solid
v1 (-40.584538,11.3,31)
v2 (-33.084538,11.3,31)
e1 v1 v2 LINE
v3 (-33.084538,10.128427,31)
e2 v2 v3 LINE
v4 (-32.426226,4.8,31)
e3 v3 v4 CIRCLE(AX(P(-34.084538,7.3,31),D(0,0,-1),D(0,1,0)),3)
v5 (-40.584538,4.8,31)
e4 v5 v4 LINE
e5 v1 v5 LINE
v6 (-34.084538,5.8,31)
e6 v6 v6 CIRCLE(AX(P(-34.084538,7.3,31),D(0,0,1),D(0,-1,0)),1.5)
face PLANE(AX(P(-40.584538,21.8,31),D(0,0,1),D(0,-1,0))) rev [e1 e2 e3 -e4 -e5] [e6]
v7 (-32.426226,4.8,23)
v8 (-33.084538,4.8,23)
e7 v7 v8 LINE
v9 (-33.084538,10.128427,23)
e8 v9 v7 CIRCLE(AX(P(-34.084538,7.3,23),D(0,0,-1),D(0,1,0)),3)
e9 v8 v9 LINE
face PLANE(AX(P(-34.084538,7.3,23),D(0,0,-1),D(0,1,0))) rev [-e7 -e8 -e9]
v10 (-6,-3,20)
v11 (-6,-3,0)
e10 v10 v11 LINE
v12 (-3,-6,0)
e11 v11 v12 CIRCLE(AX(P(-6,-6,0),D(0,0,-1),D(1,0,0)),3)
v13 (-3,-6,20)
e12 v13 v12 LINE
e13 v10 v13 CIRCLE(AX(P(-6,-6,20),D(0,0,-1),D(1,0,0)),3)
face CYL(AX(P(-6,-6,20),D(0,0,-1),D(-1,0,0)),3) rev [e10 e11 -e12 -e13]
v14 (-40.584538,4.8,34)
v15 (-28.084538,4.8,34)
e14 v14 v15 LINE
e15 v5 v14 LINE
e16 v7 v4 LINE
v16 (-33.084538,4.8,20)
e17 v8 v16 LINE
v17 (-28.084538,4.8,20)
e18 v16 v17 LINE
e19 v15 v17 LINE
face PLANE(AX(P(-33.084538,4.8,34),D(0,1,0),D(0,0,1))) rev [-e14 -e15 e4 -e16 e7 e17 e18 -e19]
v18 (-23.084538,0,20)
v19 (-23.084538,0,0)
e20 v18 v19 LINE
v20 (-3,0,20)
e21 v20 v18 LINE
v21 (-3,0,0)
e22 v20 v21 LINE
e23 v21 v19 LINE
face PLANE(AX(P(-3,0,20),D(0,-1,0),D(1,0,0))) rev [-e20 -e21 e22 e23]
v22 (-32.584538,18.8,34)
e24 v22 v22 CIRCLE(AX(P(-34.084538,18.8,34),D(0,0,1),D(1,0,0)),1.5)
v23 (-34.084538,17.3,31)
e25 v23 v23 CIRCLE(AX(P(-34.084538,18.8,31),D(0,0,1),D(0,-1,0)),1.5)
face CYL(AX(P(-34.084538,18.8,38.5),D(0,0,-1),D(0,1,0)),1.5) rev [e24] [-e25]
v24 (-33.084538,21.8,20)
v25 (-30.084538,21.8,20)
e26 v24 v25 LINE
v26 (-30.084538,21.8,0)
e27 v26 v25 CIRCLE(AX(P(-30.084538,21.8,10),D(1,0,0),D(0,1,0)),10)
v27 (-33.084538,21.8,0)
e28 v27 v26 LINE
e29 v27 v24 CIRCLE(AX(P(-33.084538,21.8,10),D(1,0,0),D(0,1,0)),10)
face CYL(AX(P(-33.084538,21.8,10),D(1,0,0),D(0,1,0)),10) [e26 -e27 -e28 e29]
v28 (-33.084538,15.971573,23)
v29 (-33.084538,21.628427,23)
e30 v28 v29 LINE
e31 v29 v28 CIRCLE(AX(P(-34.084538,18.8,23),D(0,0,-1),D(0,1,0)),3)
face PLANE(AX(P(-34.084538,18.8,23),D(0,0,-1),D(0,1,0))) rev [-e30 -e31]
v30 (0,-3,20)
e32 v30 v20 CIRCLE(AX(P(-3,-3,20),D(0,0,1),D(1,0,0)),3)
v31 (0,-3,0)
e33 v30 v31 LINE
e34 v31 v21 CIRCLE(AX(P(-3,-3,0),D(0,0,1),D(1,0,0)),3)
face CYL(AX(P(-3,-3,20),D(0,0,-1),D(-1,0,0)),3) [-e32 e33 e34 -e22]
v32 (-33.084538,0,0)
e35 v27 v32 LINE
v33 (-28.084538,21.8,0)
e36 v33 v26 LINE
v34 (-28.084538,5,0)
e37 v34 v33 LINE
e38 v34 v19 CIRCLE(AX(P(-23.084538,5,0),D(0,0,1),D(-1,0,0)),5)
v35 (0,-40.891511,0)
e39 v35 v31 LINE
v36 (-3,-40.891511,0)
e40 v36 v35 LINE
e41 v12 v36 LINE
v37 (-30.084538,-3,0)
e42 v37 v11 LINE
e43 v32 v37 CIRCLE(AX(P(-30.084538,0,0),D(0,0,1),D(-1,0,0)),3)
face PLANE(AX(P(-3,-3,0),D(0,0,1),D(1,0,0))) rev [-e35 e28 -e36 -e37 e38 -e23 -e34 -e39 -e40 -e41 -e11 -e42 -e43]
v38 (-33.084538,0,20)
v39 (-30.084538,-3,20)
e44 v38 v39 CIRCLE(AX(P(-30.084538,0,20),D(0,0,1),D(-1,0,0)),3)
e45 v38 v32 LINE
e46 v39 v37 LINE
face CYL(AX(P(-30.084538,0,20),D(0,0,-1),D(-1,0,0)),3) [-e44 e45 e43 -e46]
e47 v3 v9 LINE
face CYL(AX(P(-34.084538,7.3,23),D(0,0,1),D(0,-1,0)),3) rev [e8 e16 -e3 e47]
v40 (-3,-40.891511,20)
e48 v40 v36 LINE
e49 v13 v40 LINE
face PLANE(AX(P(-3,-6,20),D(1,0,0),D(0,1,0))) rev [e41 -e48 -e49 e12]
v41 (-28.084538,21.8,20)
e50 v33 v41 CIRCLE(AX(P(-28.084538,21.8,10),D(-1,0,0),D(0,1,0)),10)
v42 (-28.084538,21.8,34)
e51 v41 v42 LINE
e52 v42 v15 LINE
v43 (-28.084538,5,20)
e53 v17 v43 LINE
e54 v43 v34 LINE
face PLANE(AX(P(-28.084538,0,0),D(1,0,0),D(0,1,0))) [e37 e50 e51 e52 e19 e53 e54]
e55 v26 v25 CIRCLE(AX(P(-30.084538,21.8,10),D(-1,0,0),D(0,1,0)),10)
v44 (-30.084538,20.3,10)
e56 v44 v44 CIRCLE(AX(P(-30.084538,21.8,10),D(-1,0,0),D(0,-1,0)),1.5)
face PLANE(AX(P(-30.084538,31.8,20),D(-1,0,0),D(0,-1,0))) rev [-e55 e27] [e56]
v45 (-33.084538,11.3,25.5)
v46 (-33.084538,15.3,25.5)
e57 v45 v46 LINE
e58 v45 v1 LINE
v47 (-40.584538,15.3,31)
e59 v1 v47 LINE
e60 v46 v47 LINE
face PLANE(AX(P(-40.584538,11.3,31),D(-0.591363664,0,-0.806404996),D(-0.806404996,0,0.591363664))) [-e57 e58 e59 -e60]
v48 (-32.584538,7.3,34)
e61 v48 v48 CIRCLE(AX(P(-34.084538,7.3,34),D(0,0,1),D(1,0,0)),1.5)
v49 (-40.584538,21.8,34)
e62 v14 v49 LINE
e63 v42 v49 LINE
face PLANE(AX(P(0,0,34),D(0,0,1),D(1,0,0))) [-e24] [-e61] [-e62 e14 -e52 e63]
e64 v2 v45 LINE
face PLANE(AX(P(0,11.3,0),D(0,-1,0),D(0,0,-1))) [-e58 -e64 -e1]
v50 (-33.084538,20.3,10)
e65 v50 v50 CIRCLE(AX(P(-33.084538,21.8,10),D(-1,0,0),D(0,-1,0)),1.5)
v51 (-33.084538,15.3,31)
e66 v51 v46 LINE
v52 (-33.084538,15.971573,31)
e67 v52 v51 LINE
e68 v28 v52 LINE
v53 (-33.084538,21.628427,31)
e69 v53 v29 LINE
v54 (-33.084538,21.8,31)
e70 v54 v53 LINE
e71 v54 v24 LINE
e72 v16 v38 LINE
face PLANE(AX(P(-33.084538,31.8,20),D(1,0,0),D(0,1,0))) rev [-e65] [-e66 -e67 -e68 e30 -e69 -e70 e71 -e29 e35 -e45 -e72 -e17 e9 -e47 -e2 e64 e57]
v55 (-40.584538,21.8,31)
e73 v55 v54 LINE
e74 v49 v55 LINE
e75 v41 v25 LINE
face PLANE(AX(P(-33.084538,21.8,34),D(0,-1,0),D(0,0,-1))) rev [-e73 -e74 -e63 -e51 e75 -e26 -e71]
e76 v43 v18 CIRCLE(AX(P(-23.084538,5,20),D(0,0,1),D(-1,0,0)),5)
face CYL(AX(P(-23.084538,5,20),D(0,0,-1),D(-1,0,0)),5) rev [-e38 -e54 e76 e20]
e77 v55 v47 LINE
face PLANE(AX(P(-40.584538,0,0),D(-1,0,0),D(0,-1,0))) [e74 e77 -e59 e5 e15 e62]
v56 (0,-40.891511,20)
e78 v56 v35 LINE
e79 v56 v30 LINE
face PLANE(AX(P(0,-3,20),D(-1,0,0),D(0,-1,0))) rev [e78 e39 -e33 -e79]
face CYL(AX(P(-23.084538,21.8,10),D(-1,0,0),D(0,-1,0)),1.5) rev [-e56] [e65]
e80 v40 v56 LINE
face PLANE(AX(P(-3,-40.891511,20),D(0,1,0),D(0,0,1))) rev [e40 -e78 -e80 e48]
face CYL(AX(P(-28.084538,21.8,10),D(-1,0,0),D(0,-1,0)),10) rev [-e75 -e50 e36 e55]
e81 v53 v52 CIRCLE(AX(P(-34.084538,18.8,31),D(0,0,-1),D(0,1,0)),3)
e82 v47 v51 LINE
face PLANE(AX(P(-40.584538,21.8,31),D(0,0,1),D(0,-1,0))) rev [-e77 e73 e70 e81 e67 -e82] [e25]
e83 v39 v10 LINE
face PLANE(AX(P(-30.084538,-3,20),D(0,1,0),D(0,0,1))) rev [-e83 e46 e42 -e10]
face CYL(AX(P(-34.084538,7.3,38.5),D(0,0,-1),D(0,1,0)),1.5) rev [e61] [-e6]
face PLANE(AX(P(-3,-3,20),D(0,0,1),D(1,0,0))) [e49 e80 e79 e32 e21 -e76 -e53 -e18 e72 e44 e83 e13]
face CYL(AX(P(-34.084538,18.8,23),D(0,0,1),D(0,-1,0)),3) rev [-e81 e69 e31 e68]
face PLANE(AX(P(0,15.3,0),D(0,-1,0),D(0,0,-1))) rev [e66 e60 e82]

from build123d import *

# Parameters (mm, degrees)
BOSS_EXTRUDE1_DEPTH      = 20
CUT_EXTRUDE1_DEPTH       = 3
SKETCH4_W                = 3
SKETCH4_H                = 17
BOSS_EXTRUDE2_DEPTH      = 14
SKETCH6_W                = 3
SKETCH6_H                = 17
BOSS_EXTRUDE3_DEPTH      = 7.5
SKETCH7_R                = 1.5
CUT_EXTRUDE3_DEPTH       = 7.5
SKETCH8_R                = 1.5
CUT_EXTRUDE4_DEPTH       = 10
SKETCH10_R               = 3
CUT_EXTRUDE6_DEPTH       = 8
BOSS_EXTRUDE4_DEPTH      = 2
BOSS_EXTRUDE4_DEPTH_BACK = 2
SKETCH12_W               = 14
SKETCH12_H               = 17
BOSS_EXTRUDE5_DEPTH      = 2
BOSS_EXTRUDE6_DEPTH      = 2
BOSS_EXTRUDE7_DEPTH      = 20


with BuildPart() as part:
    # Sketch1 → Boss-Extrude1 (new body)
    with BuildSketch(Plane.XY):
        with BuildLine():
            Line((-3, -6), (-3, -40.891511))
            Line((-3, -40.891511), (0, -40.891511))
            Line((0, -40.891511), (0, -3))
            ThreePointArc((0, -3), (-0.878679656, -0.878679656), (-3, 0))
            Line((-3, 0), (-27.084538342, 0))
            ThreePointArc((-27.084538342, 0), (-29.205858686, 0.878679656), (-30.084538342, 3))
            Line((-30.084538342, 3), (-30.084538342, 31.8))
            Line((-30.084538342, 31.8), (-33.084538342, 31.8))
            Line((-33.084538342, 31.8), (-33.084538342, 0))
            ThreePointArc((-33.084538342, 0), (-32.205858686, -2.121320344), (-30.084538342, -3))
            Line((-30.084538342, -3), (-6, -3))
            ThreePointArc((-6, -3), (-3.878679656, -3.878679656), (-3, -6))
        make_face()
    extrude(amount=BOSS_EXTRUDE1_DEPTH)

    # Sketch2 → Cut-Extrude1 (cut)
    with BuildSketch(Plane(origin=(-30.084538342, 0, 0), x_dir=(0, 0, -1), z_dir=(1, 0, 0))):
        with BuildLine():
            ThreePointArc((-10, 31.8), (-2.928932188, 28.871067812), (0, 21.8))
            Line((0, 21.8), (0, 31.8))
            Line((0, 31.8), (-10, 31.8))
        make_face()
        with BuildLine():
            ThreePointArc((-20, 21.8), (-17.071067812, 28.871067812), (-10, 31.8))
            Line((-10, 31.8), (-20, 31.8))
            Line((-20, 31.8), (-20, 21.8))
        make_face()
    extrude(amount=-CUT_EXTRUDE1_DEPTH, mode=Mode.SUBTRACT)

    # Sketch4 → Boss-Extrude2 (add)
    with BuildSketch(Plane.XY.offset(20)):
        with Locations((-31.584538342, 13.3)):
            Rectangle(SKETCH4_W, SKETCH4_H)
    extrude(amount=BOSS_EXTRUDE2_DEPTH)

    # Sketch6 → Boss-Extrude3 (add)
    with BuildSketch(Plane.ZY.offset(33.084538342)):
        with Locations((32.5, 13.3)):
            Rectangle(SKETCH6_W, SKETCH6_H)
    extrude(amount=BOSS_EXTRUDE3_DEPTH)

    # Sketch7 → Cut-Extrude3 (cut)
    with BuildSketch(Plane(origin=(0, 0, 31), x_dir=(-1, 0, 0), z_dir=(0, 0, -1))):
        with Locations(Location((34.084538342, 18.8, 0), (0, 0, 131.810314896))):
            Circle(SKETCH7_R)
        with Locations(Location((34.084538342, 7.3, 0), (0, 0, 131.810314896))):
            Circle(SKETCH7_R)
    extrude(amount=-CUT_EXTRUDE3_DEPTH, mode=Mode.SUBTRACT)

    # Sketch8 → Cut-Extrude4 (cut)
    with BuildSketch(Plane.ZY.offset(33.084538342)):
        with Locations(Location((10, 21.8, 0), (0, 0, 270))):
            Circle(SKETCH8_R)
    extrude(amount=-CUT_EXTRUDE4_DEPTH, mode=Mode.SUBTRACT)

    # Sketch10 → Cut-Extrude6 (cut)
    with BuildSketch(Plane(origin=(0, 0, 31), x_dir=(-1, 0, 0), z_dir=(0, 0, -1))):
        with Locations((34.084538342, 7.3)):
            Circle(SKETCH10_R)
        with Locations((34.084538342, 18.8)):
            Circle(SKETCH10_R)
    extrude(amount=CUT_EXTRUDE6_DEPTH, mode=Mode.SUBTRACT)

    # Sketch11 → Boss-Extrude4 (add, two sides: drawn at the far end of the back side and taken through both)
    with BuildSketch(Plane(origin=(0, 13.3, 0), x_dir=(1, 0, 0), z_dir=(0, 1, 0)).offset(-BOSS_EXTRUDE4_DEPTH_BACK)):
        Polygon((-33.084538342, -25.5), (-33.084538342, -31), (-40.584538342, -31), align=None)
    extrude(amount=BOSS_EXTRUDE4_DEPTH + BOSS_EXTRUDE4_DEPTH_BACK)

    # Sketch12 → Boss-Extrude5 (add)
    with BuildSketch(Plane(origin=(-30.084538342, 0, 0), x_dir=(0, 0, -1), z_dir=(1, 0, 0))):
        with Locations((-27, 13.3)):
            Rectangle(SKETCH12_W, SKETCH12_H)
    extrude(amount=BOSS_EXTRUDE5_DEPTH)

    # Sketch15 → Boss-Extrude6 (add)
    with BuildSketch(Plane(origin=(-30.084538342, 0, 0), x_dir=(0, 0, -1), z_dir=(1, 0, 0))):
        with BuildLine():
            Line((0, 21.8), (0, 0))
            Line((0, 0), (-20, 0))
            Line((-20, 0), (-20, 21.8))
            ThreePointArc((-20, 21.8), (-10, 11.8), (0, 21.8))
        make_face()
    extrude(amount=BOSS_EXTRUDE6_DEPTH)

    # Sketch16 → Boss-Extrude7 (add)
    with BuildSketch(Plane(origin=(0, 0, 0), x_dir=(-1, 0, 0), z_dir=(0, 0, -1))):
        with BuildLine():
            Line((28.084538342, 0), (23.084538342, 0))
            ThreePointArc((23.084538342, 0), (26.620072248, 1.464466094), (28.084538342, 5))
            Line((28.084538342, 5), (28.084538342, 0))
        make_face()
    extrude(amount=-BOSS_EXTRUDE7_DEPTH)


solid = part.part
